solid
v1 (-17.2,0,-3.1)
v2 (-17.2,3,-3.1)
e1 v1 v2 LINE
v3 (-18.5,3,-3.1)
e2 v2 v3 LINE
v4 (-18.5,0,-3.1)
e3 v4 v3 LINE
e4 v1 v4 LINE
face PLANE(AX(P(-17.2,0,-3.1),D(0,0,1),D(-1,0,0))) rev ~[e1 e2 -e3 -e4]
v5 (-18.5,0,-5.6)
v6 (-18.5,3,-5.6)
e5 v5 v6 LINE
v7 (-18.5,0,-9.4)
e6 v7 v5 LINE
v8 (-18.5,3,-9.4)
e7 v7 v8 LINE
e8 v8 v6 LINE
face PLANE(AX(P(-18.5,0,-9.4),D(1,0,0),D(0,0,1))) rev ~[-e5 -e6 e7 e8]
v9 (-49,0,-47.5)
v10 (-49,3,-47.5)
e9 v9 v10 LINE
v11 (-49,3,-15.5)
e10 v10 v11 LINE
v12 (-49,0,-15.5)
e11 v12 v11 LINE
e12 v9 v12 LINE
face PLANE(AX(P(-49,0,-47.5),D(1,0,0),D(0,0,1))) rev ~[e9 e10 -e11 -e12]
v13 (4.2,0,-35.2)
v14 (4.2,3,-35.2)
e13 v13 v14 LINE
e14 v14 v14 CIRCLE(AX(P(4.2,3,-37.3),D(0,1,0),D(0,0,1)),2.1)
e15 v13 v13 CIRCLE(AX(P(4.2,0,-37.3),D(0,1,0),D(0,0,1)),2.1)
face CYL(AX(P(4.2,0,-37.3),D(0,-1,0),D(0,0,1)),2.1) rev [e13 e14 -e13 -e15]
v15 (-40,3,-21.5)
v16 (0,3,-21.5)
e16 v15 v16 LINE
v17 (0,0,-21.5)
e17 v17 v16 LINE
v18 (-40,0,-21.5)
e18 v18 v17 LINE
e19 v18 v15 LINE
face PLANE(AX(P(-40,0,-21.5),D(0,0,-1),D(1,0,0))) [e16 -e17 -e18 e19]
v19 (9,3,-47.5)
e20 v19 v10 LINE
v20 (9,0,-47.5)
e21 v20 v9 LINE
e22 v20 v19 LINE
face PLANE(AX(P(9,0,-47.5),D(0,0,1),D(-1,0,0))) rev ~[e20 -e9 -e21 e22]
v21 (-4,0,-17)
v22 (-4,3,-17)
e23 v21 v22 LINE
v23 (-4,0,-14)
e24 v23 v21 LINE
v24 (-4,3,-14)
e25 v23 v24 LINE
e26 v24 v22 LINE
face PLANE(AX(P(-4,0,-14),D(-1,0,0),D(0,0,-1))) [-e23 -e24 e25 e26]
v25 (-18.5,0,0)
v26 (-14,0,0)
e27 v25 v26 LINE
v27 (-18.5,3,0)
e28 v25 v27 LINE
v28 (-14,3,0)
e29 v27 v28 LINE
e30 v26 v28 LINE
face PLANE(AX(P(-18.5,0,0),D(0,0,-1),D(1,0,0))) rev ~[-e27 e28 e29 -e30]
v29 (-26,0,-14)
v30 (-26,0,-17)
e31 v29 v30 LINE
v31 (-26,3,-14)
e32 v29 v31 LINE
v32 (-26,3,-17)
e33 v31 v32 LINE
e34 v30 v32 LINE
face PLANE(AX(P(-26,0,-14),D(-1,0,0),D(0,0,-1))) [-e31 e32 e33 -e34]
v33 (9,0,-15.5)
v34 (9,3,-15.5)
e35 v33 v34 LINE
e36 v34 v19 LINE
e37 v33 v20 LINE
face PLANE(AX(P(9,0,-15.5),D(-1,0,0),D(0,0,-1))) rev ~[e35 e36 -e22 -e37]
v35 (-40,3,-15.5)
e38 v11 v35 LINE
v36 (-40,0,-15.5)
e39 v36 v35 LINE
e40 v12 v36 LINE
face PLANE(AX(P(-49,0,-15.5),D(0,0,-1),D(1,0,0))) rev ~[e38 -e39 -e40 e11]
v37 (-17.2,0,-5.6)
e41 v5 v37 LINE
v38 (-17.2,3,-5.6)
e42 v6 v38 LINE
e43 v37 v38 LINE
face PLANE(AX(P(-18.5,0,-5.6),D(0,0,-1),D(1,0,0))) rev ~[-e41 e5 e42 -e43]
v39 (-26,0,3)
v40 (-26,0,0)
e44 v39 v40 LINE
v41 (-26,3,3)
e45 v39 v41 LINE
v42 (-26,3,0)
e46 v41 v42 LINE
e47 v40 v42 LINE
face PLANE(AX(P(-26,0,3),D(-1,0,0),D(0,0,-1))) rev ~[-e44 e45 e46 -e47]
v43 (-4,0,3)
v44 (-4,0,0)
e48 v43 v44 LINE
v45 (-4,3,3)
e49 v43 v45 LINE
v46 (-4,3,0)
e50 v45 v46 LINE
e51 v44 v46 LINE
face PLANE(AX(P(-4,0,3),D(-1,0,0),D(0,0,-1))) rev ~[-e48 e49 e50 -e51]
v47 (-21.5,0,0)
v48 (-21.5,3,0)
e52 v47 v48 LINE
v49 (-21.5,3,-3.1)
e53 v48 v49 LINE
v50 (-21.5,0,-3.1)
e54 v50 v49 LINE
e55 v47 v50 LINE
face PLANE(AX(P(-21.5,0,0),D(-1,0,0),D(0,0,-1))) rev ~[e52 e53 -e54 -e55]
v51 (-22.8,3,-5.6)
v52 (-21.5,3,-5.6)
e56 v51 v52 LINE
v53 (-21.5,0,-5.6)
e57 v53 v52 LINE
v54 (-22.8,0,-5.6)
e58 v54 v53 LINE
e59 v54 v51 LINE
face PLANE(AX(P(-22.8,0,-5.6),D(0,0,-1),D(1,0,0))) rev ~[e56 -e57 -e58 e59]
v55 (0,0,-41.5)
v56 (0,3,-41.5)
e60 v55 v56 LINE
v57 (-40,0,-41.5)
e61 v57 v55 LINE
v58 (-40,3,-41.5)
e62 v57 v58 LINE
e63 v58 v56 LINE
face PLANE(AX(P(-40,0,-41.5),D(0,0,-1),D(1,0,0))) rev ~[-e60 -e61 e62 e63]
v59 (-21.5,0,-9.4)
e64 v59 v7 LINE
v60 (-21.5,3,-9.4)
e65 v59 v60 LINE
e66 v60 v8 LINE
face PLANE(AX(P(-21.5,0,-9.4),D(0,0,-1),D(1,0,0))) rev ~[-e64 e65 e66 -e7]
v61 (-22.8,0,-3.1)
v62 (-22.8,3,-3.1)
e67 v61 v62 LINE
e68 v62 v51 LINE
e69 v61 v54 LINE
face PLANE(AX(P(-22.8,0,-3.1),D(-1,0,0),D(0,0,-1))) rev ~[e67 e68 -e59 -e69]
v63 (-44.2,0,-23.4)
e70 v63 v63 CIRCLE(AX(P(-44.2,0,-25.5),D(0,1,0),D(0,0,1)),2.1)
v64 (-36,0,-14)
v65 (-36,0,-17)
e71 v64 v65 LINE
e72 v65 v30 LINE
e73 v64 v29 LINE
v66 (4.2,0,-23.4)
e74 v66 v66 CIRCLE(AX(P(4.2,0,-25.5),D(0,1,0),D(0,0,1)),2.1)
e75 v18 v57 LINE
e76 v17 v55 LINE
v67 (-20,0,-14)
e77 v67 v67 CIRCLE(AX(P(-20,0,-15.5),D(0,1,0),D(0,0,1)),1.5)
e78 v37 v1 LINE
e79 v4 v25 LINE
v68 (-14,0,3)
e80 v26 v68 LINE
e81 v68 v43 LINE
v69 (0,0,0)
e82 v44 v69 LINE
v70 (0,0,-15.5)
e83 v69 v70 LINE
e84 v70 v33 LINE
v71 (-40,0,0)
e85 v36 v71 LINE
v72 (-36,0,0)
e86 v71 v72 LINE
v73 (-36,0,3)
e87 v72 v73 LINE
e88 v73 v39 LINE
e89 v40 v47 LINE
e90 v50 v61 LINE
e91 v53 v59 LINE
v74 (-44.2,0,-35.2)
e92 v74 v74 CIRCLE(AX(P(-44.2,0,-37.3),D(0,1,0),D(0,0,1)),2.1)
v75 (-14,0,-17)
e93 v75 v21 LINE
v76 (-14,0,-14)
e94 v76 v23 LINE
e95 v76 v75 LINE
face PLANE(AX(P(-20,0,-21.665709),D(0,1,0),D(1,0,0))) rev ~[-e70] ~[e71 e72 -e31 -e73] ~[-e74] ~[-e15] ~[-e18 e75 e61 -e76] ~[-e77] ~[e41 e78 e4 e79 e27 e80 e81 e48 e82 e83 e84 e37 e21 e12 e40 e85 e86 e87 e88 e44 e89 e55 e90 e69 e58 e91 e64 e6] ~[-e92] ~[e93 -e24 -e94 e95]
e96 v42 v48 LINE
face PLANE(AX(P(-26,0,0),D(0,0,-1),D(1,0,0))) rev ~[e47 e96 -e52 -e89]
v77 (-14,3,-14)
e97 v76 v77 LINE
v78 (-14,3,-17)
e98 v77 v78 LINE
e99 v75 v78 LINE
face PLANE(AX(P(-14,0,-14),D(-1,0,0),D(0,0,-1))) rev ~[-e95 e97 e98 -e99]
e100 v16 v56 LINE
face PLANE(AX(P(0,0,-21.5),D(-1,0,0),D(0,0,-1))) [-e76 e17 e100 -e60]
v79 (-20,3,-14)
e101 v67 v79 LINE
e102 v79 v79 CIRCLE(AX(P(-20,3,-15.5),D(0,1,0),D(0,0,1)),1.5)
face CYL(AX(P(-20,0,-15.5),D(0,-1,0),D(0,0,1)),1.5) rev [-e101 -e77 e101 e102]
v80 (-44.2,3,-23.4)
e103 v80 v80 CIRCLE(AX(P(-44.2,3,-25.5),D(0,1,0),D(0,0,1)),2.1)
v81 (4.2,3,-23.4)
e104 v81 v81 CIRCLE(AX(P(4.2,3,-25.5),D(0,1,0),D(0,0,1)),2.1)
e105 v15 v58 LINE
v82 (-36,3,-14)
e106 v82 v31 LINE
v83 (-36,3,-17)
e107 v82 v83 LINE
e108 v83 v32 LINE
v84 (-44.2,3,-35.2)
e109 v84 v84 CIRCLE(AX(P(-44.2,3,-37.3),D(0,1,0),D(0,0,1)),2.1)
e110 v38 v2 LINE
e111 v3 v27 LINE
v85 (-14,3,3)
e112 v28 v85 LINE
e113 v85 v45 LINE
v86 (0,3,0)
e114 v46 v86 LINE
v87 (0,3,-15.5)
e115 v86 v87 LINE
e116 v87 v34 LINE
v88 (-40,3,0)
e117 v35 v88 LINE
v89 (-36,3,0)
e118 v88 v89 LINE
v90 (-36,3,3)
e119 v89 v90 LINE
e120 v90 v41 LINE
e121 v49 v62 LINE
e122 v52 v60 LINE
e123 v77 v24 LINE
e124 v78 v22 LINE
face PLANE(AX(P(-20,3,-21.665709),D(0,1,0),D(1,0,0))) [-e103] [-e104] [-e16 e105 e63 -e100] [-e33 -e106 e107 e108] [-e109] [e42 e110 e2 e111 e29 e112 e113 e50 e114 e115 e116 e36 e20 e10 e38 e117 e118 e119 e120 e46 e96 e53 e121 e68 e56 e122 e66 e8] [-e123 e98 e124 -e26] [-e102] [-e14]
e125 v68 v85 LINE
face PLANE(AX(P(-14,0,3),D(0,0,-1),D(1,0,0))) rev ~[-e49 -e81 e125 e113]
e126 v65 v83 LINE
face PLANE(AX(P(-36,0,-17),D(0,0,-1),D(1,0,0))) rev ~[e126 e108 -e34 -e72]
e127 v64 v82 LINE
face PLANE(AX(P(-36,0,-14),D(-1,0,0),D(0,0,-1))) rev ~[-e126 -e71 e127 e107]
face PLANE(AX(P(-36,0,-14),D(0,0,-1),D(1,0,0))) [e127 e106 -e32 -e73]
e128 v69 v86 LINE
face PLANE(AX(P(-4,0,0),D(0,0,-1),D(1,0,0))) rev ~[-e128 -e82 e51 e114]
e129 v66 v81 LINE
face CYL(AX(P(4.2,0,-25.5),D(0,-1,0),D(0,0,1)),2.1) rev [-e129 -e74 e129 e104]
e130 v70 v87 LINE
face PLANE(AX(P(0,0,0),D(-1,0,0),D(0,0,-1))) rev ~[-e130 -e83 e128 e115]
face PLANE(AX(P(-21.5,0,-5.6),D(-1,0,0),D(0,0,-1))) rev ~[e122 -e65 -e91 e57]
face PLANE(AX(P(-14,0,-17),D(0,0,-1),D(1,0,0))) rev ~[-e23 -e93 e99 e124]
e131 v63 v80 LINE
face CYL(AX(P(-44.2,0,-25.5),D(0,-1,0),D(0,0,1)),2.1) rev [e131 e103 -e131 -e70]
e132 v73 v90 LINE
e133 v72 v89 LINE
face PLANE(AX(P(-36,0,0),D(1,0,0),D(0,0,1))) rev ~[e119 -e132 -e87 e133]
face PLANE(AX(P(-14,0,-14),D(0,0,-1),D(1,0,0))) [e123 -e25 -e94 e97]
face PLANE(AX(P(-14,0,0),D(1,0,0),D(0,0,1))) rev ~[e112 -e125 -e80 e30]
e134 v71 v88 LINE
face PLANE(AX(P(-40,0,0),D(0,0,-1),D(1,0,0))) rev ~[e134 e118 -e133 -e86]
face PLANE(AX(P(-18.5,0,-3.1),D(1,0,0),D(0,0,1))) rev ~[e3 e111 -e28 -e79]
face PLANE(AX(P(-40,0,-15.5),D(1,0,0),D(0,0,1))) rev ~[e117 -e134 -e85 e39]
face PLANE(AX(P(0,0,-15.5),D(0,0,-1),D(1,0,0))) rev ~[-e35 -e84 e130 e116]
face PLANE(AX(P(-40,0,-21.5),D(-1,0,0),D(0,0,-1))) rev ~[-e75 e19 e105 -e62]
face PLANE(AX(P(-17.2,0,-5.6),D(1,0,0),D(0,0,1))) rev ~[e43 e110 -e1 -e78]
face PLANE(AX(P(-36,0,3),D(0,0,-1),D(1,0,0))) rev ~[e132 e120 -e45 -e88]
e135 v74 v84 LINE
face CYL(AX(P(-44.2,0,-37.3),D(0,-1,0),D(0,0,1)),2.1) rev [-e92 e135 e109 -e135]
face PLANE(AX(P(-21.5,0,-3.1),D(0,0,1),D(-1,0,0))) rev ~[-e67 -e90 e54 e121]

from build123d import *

# Parameters (mm, degrees)
SKETCH2_R           = 2.1
SKETCH2_R_2         = 1.5
SKETCH2_W           = 40
SKETCH2_H           = 20
SKETCH2_W_2         = 10
SKETCH2_H_2         = 3
BOSS_EXTRUDE1_DEPTH = 3


with BuildPart() as part:
    # Sketch2 → Boss-Extrude1 (new body)
    with BuildSketch(Plane(origin=(0, 0, 0), x_dir=(1, 0, 0), z_dir=(0, 1, 0))):
        Polygon((0, 15.5), (9, 15.5), (9, 47.5), (-49, 47.5), (-49, 15.5), (-40, 15.5), (-40, 0), (-36, 0), (-36, -3), (-26, -3), (-26, 0), (-21.5, 0), (-21.5, 3.1), (-22.8, 3.1), (-22.8, 5.6), (-21.5, 5.6), (-21.5, 9.4), (-18.5, 9.4), (-18.5, 5.6), (-17.2, 5.6), (-17.2, 3.1), (-18.5, 3.1), (-18.5, 0), (-14, 0), (-14, -3), (-4, -3), (-4, 0), (0, 0), align=None)
        with Locations(Location((4.2, 25.5, 0), (0, 0, 270))):
            Circle(SKETCH2_R, mode=Mode.SUBTRACT)
        with Locations(Location((4.2, 37.3, 0), (0, 0, 270))):
            Circle(SKETCH2_R, mode=Mode.SUBTRACT)
        with Locations(Location((-44.2, 37.3, 0), (0, 0, 270))):
            Circle(SKETCH2_R, mode=Mode.SUBTRACT)
        with Locations(Location((-44.2, 25.5, 0), (0, 0, 270))):
            Circle(SKETCH2_R, mode=Mode.SUBTRACT)
        with Locations(Location((-20, 15.5, 0), (0, 0, 270))):
            Circle(SKETCH2_R_2, mode=Mode.SUBTRACT)
        with Locations((-20, 31.5)):
            Rectangle(SKETCH2_W, SKETCH2_H, mode=Mode.SUBTRACT)
        with Locations((-31, 15.5)):
            Rectangle(SKETCH2_W_2, SKETCH2_H_2, mode=Mode.SUBTRACT)
        with Locations((-9, 15.5)):
            Rectangle(SKETCH2_W_2, SKETCH2_H_2, mode=Mode.SUBTRACT)
    extrude(amount=BOSS_EXTRUDE1_DEPTH)


solid = part.part
